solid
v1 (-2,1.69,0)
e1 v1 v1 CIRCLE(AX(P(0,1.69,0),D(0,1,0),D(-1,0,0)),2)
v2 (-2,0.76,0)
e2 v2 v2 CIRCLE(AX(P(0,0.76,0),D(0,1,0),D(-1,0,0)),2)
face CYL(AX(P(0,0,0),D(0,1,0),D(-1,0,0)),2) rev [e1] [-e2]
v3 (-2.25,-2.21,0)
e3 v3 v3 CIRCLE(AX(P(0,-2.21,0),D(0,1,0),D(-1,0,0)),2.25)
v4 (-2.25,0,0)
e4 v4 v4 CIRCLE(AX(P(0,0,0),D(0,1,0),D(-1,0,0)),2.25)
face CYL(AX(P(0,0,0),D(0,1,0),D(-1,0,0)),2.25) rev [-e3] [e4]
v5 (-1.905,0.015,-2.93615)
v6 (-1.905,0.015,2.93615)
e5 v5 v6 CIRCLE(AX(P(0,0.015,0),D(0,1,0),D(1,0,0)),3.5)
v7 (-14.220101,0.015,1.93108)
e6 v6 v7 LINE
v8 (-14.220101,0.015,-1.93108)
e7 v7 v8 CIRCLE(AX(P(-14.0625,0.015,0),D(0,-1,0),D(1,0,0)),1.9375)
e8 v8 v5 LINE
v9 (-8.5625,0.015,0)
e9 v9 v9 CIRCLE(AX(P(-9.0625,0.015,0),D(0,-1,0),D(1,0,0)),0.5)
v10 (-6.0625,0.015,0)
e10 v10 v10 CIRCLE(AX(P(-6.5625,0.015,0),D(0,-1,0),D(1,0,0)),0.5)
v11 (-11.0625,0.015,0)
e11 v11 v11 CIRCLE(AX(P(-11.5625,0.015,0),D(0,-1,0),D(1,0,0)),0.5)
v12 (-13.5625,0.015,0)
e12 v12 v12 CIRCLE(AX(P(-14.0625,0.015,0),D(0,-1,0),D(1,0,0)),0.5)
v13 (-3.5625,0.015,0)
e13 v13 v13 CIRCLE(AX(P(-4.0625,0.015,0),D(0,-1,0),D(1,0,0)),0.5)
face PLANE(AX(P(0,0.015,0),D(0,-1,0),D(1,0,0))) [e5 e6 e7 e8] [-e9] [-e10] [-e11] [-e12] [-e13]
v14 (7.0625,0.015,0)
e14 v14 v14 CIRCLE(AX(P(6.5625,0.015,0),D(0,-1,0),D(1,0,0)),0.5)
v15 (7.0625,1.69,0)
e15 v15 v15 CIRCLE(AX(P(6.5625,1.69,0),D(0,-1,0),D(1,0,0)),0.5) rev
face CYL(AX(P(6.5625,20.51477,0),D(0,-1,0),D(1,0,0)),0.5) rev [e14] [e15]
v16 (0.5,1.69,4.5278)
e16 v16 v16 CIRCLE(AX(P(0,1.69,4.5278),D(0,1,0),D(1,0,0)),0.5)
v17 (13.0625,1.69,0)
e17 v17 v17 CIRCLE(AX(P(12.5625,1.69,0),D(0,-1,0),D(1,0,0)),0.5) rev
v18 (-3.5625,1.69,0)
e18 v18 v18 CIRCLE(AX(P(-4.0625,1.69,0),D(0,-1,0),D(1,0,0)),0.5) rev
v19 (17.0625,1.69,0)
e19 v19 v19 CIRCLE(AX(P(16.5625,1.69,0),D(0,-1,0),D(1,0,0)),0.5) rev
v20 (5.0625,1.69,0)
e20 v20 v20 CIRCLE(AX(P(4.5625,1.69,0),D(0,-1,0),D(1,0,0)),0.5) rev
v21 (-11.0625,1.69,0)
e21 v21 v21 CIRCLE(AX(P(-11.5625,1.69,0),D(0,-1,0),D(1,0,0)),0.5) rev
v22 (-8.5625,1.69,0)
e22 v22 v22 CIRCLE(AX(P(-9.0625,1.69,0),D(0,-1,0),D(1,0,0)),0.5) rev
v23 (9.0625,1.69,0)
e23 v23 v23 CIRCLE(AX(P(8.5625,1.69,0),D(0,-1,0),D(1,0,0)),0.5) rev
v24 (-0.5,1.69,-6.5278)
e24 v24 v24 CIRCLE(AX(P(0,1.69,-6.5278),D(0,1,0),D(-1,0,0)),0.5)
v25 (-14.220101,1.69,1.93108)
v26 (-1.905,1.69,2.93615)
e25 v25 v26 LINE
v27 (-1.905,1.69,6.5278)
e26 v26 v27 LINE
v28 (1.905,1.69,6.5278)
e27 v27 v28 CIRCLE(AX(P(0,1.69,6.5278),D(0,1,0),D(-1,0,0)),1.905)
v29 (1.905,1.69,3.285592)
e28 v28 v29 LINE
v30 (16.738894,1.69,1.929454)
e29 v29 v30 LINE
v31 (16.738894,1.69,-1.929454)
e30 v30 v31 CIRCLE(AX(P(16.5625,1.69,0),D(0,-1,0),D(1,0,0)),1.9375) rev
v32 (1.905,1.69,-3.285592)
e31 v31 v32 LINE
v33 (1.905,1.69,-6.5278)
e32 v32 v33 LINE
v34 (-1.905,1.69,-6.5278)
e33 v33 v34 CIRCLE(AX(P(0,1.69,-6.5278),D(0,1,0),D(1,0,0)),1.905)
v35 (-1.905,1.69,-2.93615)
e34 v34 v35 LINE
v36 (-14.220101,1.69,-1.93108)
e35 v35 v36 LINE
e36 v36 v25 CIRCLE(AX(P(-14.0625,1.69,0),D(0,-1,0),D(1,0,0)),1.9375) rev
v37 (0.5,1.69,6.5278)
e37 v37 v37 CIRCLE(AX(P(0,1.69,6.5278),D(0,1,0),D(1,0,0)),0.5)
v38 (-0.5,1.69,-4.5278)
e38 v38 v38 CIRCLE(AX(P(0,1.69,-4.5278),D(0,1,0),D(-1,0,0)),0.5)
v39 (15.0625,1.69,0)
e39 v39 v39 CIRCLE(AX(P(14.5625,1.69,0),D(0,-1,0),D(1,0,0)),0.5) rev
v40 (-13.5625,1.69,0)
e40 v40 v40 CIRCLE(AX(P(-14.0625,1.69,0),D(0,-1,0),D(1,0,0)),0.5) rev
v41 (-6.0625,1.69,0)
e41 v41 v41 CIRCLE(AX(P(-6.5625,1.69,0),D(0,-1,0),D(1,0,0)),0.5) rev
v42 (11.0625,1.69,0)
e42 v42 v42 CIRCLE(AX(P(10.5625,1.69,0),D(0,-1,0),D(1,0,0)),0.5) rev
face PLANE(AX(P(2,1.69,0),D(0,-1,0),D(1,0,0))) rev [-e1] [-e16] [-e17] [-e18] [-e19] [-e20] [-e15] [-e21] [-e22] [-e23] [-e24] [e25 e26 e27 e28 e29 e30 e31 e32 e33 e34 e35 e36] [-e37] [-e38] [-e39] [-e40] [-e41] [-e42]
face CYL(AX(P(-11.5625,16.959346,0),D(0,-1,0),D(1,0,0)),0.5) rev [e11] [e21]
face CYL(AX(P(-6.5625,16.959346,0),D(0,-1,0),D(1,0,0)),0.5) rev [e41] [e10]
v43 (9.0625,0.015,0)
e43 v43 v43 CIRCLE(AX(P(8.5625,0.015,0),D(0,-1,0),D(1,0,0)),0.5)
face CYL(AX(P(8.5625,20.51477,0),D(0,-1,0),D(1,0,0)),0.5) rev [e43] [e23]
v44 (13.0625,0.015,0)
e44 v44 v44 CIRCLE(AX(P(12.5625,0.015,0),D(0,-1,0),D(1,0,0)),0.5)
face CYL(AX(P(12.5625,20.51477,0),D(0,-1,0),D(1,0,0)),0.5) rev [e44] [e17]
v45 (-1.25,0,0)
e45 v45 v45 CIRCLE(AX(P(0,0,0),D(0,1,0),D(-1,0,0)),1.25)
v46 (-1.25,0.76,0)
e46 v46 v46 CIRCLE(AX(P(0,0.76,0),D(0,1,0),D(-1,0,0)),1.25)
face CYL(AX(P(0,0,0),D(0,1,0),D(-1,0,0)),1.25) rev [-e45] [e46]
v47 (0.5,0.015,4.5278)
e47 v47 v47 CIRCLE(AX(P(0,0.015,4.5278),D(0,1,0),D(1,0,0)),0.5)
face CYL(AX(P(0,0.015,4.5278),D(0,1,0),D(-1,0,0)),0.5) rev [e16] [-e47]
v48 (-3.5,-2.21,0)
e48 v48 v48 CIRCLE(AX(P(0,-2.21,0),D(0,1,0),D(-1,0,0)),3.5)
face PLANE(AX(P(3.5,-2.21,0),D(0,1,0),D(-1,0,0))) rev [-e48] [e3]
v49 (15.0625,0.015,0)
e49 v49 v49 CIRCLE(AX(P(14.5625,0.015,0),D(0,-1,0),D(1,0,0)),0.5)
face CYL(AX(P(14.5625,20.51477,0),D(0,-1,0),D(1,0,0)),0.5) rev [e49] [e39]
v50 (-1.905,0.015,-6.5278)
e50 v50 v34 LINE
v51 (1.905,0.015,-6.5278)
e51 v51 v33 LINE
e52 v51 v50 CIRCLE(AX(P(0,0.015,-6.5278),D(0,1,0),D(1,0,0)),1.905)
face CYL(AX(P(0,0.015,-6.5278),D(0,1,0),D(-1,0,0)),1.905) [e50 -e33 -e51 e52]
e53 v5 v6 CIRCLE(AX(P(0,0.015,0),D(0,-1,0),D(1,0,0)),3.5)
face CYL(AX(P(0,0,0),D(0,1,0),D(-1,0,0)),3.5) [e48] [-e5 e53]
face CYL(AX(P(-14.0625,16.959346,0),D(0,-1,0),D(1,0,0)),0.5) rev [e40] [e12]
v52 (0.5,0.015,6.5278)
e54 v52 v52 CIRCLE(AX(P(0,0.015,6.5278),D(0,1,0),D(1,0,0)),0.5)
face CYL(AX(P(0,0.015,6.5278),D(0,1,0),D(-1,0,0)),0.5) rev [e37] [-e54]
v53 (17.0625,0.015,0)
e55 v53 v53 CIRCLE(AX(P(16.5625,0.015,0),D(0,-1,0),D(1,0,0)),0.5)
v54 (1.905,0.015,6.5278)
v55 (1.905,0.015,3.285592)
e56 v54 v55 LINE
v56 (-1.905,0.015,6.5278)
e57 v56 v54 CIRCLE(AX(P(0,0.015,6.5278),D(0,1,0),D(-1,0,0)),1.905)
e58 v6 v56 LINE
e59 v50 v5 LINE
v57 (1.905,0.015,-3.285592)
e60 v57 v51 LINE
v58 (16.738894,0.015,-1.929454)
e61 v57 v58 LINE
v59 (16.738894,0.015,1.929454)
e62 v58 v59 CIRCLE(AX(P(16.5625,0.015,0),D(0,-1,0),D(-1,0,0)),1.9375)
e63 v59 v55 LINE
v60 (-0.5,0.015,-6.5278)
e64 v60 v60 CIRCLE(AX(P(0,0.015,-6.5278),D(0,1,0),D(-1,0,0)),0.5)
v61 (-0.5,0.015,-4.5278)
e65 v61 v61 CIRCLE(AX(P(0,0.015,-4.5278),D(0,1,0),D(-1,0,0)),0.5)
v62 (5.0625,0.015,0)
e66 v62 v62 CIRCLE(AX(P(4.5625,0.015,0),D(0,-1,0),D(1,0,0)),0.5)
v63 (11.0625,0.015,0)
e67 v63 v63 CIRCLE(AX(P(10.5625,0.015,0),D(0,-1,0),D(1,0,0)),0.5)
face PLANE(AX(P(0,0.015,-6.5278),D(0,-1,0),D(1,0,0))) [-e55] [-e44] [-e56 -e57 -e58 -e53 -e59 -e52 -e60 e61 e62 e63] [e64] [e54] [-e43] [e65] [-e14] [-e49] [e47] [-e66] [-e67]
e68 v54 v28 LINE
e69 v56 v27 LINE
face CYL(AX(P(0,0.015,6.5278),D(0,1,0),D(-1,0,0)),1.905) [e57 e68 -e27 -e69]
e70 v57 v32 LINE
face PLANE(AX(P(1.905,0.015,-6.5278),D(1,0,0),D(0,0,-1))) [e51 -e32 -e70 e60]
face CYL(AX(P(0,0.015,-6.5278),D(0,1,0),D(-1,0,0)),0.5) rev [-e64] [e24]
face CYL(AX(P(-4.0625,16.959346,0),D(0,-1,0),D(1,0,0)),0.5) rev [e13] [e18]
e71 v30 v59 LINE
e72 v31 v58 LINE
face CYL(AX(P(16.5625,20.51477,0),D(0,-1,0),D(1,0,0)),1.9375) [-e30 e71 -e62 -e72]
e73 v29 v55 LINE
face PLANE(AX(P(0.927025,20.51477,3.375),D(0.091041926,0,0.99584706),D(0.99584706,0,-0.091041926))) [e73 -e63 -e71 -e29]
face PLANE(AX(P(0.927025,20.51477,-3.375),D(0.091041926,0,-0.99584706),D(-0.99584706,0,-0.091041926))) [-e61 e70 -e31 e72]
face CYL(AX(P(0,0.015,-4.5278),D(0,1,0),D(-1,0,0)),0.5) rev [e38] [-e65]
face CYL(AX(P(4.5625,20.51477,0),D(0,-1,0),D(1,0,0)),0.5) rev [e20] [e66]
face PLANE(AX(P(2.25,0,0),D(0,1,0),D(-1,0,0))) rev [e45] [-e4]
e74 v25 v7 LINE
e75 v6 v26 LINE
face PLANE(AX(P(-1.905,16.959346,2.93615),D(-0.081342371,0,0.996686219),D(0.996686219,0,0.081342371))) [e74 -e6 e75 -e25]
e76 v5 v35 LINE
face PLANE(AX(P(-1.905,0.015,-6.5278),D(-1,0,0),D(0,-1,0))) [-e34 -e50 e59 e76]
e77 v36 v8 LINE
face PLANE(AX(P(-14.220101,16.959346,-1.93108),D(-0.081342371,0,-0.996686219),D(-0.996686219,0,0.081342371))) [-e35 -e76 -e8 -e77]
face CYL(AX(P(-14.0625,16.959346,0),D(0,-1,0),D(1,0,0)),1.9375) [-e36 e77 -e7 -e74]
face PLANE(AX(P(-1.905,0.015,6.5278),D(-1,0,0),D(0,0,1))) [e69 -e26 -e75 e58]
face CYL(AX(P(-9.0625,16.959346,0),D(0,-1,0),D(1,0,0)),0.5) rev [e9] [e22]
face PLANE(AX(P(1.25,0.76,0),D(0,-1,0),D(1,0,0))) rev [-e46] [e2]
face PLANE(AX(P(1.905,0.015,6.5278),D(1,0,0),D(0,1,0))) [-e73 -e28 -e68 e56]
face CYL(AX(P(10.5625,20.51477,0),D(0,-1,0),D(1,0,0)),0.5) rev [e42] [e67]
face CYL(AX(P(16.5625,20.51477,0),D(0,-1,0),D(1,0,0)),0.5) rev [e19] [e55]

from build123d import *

# Parameters (mm, degrees)
BOSS_EXTRUDE1_START = -1.675
SKETCH2_R           = 0.5
BOSS_EXTRUDE1_DEPTH = 1.675
CIRPATTERN1_COUNT   = 2
SKETCH3_R           = 0.5
BOSS_EXTRUDE2_DEPTH = 1.675
SKETCH4_R           = 0.5
BOSS_EXTRUDE3_DEPTH = 1.675


with BuildPart() as part:
    # Sketch1 → Revolve1 (revolve)
    with BuildSketch(Plane.XY, mode=Mode.PRIVATE) as revolve1_sk:
        Polygon((2.25, 0), (1.25, 0), (1.25, 0.76), (2, 0.76), (2, 1.69), (3.5, 1.69), (3.5, -2.21), (2.25, -2.21), align=None)
    revolve(revolve1_sk.sketch.rotate(Axis((0, 0, 0), (0, -1, 0)), 180), axis=Axis((0, 0, 0), (0, -1, 0)))

    # Sketch2 → Boss-Extrude1 (add)
    with BuildSketch(Plane(origin=(0, 1.69, 0), x_dir=(1, 0, 0), z_dir=(0, 1, 0)).offset(BOSS_EXTRUDE1_START)):
        with BuildLine():
            Line((-1.905, 6.5278), (-1.905, 2.93614969))
            ThreePointArc((-1.905, 2.93614969), (0, 3.5), (1.905, 2.93614969))
            Line((1.905, 2.93614969), (1.905, 6.5278))
            ThreePointArc((1.905, 6.5278), (0, 8.4328), (-1.905, 6.5278))
        make_face()
        with Locations(Location((0, 6.5278, 0), (0, 0, 180))):
            Circle(SKETCH2_R, mode=Mode.SUBTRACT)
        with Locations(Location((0, 4.5278, 0), (0, 0, 180))):
            Circle(SKETCH2_R, mode=Mode.SUBTRACT)
    boss_extrude1 = extrude(amount=BOSS_EXTRUDE1_DEPTH)

    # CirPattern1: Boss-Extrude1 ×2 about axis
    cirpattern1_axis = Axis((0, 0, 0), (0, 1, 0))
    for i in range(1, CIRPATTERN1_COUNT):
        add(boss_extrude1.rotate(cirpattern1_axis, i * 360 / CIRPATTERN1_COUNT))

    # Sketch3 → Boss-Extrude2 (add)
    with BuildSketch(Plane.XZ.offset(-0.015)):
        with BuildLine():
            Line((0.927024811, -3.375), (16.738893675, -1.929453741))
            ThreePointArc((16.738893675, -1.929453741), (18.5, 0), (16.738893675, 1.929453741))
            Line((16.738893675, 1.929453741), (0.927024811, 3.375))
            ThreePointArc((0.927024811, 3.375), (3.5, 0), (0.927024811, -3.375))
        make_face()
        with Locations((16.562499938, 0)):
            Circle(SKETCH3_R, mode=Mode.SUBTRACT)
        with Locations((14.562499938, 0)):
            Circle(SKETCH3_R, mode=Mode.SUBTRACT)
        with Locations((12.562499938, 0)):
            Circle(SKETCH3_R, mode=Mode.SUBTRACT)
        with Locations((10.562499938, 0)):
            Circle(SKETCH3_R, mode=Mode.SUBTRACT)
        with Locations((8.562499938, 0)):
            Circle(SKETCH3_R, mode=Mode.SUBTRACT)
        with Locations((6.562499938, 0)):
            Circle(SKETCH3_R, mode=Mode.SUBTRACT)
        with Locations((4.562499938, 0)):
            Circle(SKETCH3_R, mode=Mode.SUBTRACT)
    extrude(amount=-BOSS_EXTRUDE2_DEPTH)

    # Sketch4 → Boss-Extrude3 (add)
    with BuildSketch(Plane.XZ.offset(-0.015)):
        with BuildLine():
            Line((-1.905, 2.93614969), (-14.220100787, 1.931079611))
            ThreePointArc((-14.220100787, 1.931079611), (-16, 0), (-14.220100787, -1.931079611))
            Line((-14.220100787, -1.931079611), (-1.905, -2.93614969))
            ThreePointArc((-1.905, -2.93614969), (-3.5, 0), (-1.905, 2.93614969))
        make_face()
        with Locations((-14.062499938, 0)):
            Circle(SKETCH4_R, mode=Mode.SUBTRACT)
        with Locations((-11.562499938, 0)):
            Circle(SKETCH4_R, mode=Mode.SUBTRACT)
        with Locations((-9.062499938, 0)):
            Circle(SKETCH4_R, mode=Mode.SUBTRACT)
        with Locations((-6.562499938, 0)):
            Circle(SKETCH4_R, mode=Mode.SUBTRACT)
        with Locations((-4.062499938, 0)):
            Circle(SKETCH4_R, mode=Mode.SUBTRACT)
    extrude(amount=-BOSS_EXTRUDE3_DEPTH)


solid = part.part
